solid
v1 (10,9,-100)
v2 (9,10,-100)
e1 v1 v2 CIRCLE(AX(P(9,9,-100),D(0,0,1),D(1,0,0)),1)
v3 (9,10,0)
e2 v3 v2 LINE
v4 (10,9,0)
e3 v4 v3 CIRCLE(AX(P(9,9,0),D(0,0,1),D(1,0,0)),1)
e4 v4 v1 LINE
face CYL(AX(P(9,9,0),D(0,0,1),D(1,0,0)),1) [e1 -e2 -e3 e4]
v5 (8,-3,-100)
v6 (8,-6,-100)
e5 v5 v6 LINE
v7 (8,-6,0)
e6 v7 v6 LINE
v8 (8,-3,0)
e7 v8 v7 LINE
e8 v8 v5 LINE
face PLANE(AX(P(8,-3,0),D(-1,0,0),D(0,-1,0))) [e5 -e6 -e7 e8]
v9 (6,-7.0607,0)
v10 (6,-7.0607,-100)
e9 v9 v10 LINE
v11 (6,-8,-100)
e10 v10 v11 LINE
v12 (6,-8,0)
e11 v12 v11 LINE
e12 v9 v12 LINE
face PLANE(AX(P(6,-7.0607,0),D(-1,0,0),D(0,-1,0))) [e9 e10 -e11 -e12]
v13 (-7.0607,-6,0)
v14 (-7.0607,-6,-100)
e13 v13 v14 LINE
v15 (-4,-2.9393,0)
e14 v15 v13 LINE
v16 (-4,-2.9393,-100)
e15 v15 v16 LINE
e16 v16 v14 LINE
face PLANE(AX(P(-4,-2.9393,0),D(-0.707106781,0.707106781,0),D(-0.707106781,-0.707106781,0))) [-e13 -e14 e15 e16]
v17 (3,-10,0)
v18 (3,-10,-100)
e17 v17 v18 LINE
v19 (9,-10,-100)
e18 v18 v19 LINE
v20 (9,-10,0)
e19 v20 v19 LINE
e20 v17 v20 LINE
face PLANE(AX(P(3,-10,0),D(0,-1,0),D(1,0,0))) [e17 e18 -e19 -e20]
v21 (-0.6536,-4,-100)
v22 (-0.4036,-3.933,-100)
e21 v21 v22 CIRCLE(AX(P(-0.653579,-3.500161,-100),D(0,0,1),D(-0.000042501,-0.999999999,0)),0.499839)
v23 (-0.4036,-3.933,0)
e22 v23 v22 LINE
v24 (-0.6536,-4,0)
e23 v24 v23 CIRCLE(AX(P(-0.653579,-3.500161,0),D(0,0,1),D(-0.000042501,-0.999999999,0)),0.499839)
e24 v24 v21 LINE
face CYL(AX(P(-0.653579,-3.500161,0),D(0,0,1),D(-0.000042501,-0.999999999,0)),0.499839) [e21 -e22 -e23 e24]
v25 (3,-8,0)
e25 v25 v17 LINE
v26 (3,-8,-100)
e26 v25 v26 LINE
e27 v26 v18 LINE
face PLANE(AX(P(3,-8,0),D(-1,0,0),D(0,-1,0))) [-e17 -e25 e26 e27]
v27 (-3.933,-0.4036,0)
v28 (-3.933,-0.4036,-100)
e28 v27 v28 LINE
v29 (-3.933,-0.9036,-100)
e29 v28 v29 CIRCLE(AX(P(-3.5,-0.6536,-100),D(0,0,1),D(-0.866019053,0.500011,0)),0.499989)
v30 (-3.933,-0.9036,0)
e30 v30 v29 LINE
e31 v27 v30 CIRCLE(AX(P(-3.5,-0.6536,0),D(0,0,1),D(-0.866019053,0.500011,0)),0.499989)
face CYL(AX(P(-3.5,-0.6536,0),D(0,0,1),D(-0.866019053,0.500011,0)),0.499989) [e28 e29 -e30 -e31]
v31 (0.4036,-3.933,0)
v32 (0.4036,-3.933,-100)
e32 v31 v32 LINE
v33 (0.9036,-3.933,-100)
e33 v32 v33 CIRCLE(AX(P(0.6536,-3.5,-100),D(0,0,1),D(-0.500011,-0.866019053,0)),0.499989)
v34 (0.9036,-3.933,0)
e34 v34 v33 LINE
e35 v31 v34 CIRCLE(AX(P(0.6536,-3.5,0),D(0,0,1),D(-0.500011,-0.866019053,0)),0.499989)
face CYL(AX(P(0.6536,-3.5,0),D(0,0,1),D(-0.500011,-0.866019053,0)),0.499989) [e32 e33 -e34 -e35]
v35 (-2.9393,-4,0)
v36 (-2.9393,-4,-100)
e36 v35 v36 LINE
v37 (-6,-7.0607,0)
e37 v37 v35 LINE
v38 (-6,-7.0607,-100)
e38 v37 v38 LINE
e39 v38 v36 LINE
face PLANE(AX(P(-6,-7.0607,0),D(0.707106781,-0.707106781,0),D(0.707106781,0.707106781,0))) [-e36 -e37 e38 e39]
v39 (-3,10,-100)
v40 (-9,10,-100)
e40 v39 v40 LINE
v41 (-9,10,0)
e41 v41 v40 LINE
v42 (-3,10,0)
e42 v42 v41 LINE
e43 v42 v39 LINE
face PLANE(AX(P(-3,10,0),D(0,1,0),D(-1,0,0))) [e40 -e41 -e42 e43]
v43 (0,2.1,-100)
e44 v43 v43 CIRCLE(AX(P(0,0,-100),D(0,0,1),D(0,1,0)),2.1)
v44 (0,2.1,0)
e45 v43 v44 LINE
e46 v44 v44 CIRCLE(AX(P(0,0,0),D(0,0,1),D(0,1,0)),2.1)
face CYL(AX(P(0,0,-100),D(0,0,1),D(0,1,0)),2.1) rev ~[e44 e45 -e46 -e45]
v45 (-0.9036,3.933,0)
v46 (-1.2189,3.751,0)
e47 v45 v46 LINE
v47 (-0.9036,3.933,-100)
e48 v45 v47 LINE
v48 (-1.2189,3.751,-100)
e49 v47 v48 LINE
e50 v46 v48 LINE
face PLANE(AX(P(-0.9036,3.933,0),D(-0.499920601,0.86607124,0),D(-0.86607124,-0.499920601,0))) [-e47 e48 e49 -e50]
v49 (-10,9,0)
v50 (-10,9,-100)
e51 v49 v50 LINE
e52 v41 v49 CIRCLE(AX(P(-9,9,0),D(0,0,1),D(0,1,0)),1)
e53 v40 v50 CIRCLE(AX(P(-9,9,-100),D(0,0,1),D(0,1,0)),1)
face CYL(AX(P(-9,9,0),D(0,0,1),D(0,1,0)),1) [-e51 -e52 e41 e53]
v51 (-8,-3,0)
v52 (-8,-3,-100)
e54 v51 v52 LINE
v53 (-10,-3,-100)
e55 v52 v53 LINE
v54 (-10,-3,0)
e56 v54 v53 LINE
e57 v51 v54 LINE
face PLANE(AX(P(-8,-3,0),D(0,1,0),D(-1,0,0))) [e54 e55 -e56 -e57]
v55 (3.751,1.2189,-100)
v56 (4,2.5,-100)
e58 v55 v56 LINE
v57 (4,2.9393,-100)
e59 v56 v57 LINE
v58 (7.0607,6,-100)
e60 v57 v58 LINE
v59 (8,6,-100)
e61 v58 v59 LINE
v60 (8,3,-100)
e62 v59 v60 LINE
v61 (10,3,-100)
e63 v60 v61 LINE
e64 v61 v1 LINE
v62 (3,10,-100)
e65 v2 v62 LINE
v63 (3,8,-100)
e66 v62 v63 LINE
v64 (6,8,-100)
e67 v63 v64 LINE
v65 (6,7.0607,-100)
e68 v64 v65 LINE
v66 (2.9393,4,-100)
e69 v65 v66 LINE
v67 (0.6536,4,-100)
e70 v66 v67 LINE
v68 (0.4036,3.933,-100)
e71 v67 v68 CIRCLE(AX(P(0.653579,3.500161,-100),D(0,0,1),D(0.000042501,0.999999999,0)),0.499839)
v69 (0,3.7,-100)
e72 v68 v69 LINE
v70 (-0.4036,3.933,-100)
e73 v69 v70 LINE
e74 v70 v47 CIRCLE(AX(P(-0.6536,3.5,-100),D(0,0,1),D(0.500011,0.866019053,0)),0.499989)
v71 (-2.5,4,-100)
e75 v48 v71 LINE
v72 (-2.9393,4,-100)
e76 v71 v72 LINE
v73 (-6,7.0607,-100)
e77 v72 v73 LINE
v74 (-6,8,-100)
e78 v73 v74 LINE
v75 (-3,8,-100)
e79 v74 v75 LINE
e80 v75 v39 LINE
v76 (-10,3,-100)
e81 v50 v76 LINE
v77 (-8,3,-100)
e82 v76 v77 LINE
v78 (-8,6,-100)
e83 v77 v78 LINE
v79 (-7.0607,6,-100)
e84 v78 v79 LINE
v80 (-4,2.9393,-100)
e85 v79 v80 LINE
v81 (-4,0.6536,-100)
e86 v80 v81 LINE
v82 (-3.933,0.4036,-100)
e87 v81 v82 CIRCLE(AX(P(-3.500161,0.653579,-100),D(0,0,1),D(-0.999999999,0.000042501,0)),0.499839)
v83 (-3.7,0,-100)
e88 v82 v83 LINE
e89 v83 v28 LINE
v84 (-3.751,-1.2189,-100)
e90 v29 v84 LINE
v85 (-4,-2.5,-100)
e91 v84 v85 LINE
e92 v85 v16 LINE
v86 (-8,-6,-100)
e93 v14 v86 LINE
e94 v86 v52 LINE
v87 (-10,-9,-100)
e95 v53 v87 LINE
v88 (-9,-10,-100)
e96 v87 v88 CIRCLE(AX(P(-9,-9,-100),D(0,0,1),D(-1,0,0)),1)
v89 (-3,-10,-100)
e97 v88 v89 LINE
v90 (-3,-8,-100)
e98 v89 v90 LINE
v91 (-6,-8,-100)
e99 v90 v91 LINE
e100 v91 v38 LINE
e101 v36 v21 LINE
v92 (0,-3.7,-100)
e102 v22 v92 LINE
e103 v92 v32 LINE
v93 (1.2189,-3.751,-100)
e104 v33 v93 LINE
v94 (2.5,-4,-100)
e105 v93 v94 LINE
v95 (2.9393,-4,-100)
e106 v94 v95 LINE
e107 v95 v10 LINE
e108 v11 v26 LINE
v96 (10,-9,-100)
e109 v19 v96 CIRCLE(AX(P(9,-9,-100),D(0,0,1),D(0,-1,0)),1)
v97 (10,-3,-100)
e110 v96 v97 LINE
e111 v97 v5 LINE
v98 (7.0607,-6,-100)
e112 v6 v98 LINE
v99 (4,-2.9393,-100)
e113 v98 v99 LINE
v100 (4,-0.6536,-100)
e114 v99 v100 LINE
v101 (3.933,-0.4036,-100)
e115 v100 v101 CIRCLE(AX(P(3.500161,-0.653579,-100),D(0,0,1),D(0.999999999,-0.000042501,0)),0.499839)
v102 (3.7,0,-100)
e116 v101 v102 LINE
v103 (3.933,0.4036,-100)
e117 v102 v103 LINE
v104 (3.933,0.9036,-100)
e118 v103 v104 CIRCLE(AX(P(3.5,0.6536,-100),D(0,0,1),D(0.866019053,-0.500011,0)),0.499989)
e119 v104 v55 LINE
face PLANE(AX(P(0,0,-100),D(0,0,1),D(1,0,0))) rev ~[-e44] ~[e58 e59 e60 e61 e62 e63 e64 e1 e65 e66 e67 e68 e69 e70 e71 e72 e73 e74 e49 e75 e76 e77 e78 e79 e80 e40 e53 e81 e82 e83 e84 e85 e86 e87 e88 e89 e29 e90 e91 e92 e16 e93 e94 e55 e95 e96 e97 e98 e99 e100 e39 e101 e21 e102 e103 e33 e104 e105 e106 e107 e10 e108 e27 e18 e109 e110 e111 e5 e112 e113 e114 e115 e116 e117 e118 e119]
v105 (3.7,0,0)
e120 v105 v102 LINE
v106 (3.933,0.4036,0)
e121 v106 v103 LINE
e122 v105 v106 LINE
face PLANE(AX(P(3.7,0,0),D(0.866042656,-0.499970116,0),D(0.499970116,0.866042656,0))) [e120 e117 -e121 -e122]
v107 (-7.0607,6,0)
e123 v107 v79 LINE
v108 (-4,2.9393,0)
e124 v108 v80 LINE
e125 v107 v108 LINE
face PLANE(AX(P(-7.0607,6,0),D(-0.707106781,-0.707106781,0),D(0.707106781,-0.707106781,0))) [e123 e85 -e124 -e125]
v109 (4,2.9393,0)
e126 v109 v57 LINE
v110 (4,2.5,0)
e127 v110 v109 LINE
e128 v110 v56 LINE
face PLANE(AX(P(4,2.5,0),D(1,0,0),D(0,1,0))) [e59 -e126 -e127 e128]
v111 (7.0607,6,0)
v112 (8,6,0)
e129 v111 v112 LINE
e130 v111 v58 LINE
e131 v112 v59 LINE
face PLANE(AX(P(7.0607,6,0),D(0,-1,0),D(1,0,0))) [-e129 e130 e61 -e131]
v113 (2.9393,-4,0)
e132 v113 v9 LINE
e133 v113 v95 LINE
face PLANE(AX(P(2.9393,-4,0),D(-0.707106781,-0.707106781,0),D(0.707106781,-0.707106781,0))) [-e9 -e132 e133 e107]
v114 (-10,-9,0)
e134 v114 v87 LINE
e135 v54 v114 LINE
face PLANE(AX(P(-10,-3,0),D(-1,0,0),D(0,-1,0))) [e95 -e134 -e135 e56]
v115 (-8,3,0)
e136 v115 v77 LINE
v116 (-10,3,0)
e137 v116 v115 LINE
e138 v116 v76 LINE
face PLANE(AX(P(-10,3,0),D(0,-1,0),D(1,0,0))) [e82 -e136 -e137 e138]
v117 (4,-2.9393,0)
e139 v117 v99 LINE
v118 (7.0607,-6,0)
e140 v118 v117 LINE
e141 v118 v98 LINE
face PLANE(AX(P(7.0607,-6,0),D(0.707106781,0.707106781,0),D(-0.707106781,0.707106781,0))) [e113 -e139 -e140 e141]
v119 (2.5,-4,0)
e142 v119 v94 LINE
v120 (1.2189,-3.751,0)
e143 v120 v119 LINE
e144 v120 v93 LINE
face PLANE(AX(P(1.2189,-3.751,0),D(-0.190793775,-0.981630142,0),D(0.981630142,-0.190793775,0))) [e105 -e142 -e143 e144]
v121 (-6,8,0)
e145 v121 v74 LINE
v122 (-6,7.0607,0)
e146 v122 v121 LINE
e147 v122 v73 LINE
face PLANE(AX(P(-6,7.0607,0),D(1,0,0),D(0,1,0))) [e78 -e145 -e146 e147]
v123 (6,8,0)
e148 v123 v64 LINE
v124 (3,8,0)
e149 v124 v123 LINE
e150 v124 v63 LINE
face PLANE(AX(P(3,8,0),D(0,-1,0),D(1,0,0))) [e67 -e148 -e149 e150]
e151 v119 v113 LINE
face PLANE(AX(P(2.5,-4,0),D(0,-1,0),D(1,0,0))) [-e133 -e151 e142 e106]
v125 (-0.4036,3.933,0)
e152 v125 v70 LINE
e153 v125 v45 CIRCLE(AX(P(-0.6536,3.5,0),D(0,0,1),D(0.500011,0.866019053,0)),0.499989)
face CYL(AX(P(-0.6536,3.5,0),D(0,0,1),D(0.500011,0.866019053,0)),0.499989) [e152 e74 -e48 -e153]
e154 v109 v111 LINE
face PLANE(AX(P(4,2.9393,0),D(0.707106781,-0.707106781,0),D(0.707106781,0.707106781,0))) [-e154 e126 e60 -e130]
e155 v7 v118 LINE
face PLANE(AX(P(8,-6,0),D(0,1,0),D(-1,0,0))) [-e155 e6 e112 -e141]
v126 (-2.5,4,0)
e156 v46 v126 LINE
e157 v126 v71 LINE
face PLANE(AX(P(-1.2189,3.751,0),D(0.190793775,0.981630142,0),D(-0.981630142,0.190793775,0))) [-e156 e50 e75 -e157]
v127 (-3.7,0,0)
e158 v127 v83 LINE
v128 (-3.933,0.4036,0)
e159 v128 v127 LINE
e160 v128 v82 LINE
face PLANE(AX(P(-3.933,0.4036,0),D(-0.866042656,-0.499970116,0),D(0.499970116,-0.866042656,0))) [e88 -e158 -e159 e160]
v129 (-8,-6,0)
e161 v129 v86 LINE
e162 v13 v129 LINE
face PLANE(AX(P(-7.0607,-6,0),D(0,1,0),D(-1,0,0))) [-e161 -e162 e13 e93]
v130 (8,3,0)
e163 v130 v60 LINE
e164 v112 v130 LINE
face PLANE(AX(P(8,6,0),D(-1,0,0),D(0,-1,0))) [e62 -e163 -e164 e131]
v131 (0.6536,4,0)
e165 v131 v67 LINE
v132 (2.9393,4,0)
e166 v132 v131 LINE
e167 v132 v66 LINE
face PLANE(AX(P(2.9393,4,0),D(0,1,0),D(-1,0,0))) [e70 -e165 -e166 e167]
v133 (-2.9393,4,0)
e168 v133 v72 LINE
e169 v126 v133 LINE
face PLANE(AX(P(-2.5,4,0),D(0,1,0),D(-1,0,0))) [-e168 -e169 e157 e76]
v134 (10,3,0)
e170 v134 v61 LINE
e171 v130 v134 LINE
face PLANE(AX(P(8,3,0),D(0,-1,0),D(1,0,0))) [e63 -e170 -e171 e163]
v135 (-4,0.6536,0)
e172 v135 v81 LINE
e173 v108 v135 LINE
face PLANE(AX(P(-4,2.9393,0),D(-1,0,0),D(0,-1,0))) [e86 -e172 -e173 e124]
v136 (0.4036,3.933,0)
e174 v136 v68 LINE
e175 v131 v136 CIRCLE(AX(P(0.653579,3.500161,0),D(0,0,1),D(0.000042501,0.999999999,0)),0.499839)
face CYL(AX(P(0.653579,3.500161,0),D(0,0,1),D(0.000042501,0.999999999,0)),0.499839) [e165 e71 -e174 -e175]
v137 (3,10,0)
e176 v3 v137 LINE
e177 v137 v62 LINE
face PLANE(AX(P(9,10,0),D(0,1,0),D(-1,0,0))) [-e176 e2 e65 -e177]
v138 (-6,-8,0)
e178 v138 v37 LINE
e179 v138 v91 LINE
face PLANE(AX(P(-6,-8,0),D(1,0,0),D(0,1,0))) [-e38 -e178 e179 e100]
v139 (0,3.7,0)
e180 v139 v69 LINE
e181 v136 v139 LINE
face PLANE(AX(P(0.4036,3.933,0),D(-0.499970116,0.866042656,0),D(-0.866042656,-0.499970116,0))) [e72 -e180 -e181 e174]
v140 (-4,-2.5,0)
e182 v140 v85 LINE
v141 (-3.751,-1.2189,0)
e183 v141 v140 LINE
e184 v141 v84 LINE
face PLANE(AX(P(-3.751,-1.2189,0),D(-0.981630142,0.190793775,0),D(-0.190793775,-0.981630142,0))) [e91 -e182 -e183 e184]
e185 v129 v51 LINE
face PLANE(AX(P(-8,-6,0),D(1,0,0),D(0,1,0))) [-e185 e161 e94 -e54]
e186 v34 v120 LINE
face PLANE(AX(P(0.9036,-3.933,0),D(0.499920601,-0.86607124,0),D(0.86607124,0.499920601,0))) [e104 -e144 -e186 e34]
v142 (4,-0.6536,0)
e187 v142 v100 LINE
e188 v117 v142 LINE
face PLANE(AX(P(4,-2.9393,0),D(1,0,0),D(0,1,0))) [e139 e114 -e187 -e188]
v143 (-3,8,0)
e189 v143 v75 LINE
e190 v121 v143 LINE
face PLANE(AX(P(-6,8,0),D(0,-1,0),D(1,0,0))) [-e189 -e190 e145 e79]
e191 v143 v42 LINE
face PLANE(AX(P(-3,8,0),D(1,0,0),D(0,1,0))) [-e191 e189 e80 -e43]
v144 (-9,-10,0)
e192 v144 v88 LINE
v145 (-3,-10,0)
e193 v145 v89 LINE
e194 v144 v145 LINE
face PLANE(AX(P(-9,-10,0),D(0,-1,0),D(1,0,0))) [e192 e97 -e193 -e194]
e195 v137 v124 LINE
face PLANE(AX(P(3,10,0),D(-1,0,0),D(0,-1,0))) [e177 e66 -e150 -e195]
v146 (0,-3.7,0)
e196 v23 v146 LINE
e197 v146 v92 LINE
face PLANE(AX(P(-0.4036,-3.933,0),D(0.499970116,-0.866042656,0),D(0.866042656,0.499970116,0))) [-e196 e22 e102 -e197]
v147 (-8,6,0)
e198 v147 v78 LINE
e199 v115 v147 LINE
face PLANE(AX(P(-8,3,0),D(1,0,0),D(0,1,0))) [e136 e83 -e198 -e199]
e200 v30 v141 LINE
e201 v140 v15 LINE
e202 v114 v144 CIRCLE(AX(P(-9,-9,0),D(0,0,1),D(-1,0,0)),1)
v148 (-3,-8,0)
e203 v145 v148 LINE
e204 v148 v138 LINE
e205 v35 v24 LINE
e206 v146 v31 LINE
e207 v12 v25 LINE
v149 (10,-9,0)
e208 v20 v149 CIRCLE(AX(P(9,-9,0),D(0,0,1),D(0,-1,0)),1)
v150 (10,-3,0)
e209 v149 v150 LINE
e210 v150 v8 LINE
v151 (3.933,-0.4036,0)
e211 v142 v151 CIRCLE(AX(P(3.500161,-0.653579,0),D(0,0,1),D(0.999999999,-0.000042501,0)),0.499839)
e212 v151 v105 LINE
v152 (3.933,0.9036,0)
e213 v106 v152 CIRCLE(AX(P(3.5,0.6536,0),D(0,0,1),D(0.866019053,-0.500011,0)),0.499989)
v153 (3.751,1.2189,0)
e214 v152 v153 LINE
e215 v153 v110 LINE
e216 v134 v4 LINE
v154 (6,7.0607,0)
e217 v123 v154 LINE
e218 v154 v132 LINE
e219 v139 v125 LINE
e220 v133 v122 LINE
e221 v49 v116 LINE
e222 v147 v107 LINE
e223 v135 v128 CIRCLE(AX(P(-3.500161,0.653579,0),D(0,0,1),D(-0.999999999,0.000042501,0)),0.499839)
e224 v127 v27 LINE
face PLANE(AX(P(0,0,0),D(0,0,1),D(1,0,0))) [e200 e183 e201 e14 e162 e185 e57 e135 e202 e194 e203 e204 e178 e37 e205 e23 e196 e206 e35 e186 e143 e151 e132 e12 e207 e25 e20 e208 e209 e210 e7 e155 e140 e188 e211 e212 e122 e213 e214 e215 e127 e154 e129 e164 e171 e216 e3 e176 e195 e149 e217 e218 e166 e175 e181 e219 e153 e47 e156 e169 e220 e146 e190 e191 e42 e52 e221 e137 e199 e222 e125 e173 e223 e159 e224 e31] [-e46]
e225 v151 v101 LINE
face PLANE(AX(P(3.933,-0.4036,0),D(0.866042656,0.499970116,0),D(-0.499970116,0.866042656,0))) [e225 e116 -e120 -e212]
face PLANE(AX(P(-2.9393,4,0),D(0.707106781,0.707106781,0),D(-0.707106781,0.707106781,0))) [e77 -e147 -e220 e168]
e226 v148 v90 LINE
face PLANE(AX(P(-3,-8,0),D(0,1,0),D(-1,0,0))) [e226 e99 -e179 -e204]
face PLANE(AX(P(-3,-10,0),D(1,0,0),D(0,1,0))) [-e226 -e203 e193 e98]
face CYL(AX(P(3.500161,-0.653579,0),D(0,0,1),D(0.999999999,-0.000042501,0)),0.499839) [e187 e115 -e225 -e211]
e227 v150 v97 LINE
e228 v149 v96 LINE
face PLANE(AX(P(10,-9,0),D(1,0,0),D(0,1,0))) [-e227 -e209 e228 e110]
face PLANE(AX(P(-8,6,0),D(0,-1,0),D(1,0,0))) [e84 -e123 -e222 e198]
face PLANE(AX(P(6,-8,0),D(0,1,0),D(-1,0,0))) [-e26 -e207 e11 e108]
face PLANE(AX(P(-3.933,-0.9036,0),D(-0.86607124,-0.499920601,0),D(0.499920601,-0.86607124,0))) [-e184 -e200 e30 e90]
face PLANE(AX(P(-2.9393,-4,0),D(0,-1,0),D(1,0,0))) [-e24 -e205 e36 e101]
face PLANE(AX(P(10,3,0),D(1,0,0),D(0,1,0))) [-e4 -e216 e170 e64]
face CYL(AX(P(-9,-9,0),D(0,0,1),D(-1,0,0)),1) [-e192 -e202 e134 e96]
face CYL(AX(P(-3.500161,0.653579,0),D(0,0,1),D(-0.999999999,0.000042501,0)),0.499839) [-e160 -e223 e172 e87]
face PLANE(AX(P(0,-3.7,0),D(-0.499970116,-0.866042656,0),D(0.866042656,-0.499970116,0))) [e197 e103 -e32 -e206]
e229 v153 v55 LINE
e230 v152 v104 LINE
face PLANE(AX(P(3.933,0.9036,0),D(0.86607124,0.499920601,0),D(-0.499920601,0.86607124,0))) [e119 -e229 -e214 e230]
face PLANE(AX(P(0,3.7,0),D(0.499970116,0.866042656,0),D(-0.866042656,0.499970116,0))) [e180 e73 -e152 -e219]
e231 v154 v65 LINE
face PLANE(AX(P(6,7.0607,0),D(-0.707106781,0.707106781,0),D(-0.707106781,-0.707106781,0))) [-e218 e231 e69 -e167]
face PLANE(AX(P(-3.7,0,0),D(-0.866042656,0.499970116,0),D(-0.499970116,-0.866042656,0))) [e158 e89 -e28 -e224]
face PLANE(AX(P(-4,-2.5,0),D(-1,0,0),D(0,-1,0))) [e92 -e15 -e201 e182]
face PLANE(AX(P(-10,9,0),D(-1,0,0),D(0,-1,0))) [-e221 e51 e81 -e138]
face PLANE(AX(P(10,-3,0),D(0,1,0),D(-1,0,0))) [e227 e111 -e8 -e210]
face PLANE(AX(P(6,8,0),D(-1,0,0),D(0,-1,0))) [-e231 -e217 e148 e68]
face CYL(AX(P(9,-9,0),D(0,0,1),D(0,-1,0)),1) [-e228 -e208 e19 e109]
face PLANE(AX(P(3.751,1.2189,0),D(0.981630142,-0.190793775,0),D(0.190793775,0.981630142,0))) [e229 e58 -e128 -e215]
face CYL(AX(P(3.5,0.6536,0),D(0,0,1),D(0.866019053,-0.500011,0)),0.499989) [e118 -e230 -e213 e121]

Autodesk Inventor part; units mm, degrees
sketch "Sketch_75" plane through (0, 0, 0) normal (0, 0, 1) x (1, 0, 0)
  line L0 (-10, -3) -> (-10, -9)
  arc A0 (-10, -9) -> (-9, -10) centre (-9, -9) ccw
  line L1 (-9, -10) -> (-3, -10)
  line L2 (-3, -10) -> (-3, -8)
  line L3 (-3, -8) -> (-6, -8)
  line L4 (-6, -8) -> (-6, -7.0607)
  line L5 (-6, -7.0607) -> (-2.9393, -4)
  line L6 (-2.9393, -4) -> (-0.6536, -4)
  arc A1 (-0.6536, -4) -> (-0.4036, -3.933) centre (-0.6536, -3.5) ccw
  line L7 (-0.4036, -3.933) -> (0, -3.7)
  line L8 (0, -3.7) -> (0.4036, -3.933)
  arc A2 (0.4036, -3.933) -> (0.9036, -3.933) centre (0.6536, -3.5) ccw
  line L9 (0.9036, -3.933) -> (1.2189, -3.751)
  line L10 (1.2189, -3.751) -> (2.5, -4)
  line L11 (2.5, -4) -> (2.9393, -4)
  line L12 (2.9393, -4) -> (6, -7.0607)
  line L13 (6, -7.0607) -> (6, -8)
  line L14 (6, -8) -> (3, -8)
  line L15 (3, -8) -> (3, -10)
  line L16 (3, -10) -> (9, -10)
  arc A3 (9, -10) -> (10, -9) centre (9, -9) ccw
  line L17 (10, -9) -> (10, -3)
  line L18 (10, -3) -> (8, -3)
  line L19 (8, -3) -> (8, -6)
  line L20 (8, -6) -> (7.0607, -6)
  line L21 (7.0607, -6) -> (4, -2.9393)
  line L22 (4, -2.9393) -> (4, -0.6536)
  arc A4 (4, -0.6536) -> (3.933, -0.4036) centre (3.5, -0.6536) ccw
  line L23 (3.933, -0.4036) -> (3.7, 0)
  line L24 (3.7, 0) -> (3.933, 0.4036)
  arc A5 (3.933, 0.4036) -> (3.933, 0.9036) centre (3.5, 0.6536) ccw
  line L25 (3.933, 0.9036) -> (3.751, 1.2189)
  line L26 (3.751, 1.2189) -> (4, 2.5)
  line L27 (4, 2.5) -> (4, 2.9393)
  line L28 (4, 2.9393) -> (7.0607, 6)
  line L29 (7.0607, 6) -> (8, 6)
  line L30 (8, 6) -> (8, 3)
  line L31 (8, 3) -> (10, 3)
  line L32 (10, 3) -> (10, 9)
  arc A6 (10, 9) -> (9, 10) centre (9, 9) ccw
  line L33 (9, 10) -> (3, 10)
  line L34 (3, 10) -> (3, 8)
  line L35 (3, 8) -> (6, 8)
  line L36 (6, 8) -> (6, 7.0607)
  line L37 (6, 7.0607) -> (2.9393, 4)
  line L38 (2.9393, 4) -> (0.6536, 4)
  arc A7 (0.6536, 4) -> (0.4036, 3.933) centre (0.6536, 3.5) ccw
  line L39 (0.4036, 3.933) -> (0, 3.7)
  line L40 (0, 3.7) -> (-0.4036, 3.933)
  arc A8 (-0.4036, 3.933) -> (-0.9036, 3.933) centre (-0.6536, 3.5) ccw
  line L41 (-0.9036, 3.933) -> (-1.2189, 3.751)
  line L42 (-1.2189, 3.751) -> (-2.5, 4)
  line L43 (-2.5, 4) -> (-2.9393, 4)
  line L44 (-2.9393, 4) -> (-6, 7.0607)
  line L45 (-6, 7.0607) -> (-6, 8)
  line L46 (-6, 8) -> (-3, 8)
  line L47 (-3, 8) -> (-3, 10)
  line L48 (-3, 10) -> (-9, 10)
  arc A9 (-9, 10) -> (-10, 9) centre (-9, 9) ccw
  line L49 (-10, 9) -> (-10, 3)
  line L50 (-10, 3) -> (-8, 3)
  line L51 (-8, 3) -> (-8, 6)
  line L52 (-8, 6) -> (-7.0607, 6)
  line L53 (-7.0607, 6) -> (-4, 2.9393)
  line L54 (-4, 2.9393) -> (-4, 0.6536)
  arc A10 (-4, 0.6536) -> (-3.933, 0.4036) centre (-3.5, 0.6536) ccw
  line L55 (-3.933, 0.4036) -> (-3.7, 0)
  line L56 (-3.7, 0) -> (-3.933, -0.4036)
  arc A11 (-3.933, -0.4036) -> (-3.933, -0.9036) centre (-3.5, -0.6536) ccw
  line L57 (-3.933, -0.9036) -> (-3.751, -1.2189)
  line L58 (-3.751, -1.2189) -> (-4, -2.5)
  line L59 (-4, -2.5) -> (-4, -2.9393)
  line L60 (-4, -2.9393) -> (-7.0607, -6)
  line L61 (-7.0607, -6) -> (-8, -6)
  line L62 (-8, -6) -> (-8, -3)
  line L63 (-8, -3) -> (-10, -3)
extrude "Extrusion1" add sketch "Sketch_75" against normal blind 100
sketch "Sketch2" plane through (0, 0, -100) normal (0, 0, -1) x (-1, 0, 0)
  point P0 (0, 0)
hole "Hole1" at (0, 0, -100) direction (0, 0, 1) diameter 4.2 depth 100
ref_plane "C1_XY" through (0, 0, 0) normal (0, 0, 1) x (1, 0, 0)
ref_plane "C1_YZ" through (0, 0, 0) normal (1, 0, 0) x (0, 1, 0)
ref_plane "C1_ZX" through (0, 0, 0) normal (0, 1, 0) x (0, 0, 1)
properties part number "NFS5-2020-100" material "アルミニウム 6061"
